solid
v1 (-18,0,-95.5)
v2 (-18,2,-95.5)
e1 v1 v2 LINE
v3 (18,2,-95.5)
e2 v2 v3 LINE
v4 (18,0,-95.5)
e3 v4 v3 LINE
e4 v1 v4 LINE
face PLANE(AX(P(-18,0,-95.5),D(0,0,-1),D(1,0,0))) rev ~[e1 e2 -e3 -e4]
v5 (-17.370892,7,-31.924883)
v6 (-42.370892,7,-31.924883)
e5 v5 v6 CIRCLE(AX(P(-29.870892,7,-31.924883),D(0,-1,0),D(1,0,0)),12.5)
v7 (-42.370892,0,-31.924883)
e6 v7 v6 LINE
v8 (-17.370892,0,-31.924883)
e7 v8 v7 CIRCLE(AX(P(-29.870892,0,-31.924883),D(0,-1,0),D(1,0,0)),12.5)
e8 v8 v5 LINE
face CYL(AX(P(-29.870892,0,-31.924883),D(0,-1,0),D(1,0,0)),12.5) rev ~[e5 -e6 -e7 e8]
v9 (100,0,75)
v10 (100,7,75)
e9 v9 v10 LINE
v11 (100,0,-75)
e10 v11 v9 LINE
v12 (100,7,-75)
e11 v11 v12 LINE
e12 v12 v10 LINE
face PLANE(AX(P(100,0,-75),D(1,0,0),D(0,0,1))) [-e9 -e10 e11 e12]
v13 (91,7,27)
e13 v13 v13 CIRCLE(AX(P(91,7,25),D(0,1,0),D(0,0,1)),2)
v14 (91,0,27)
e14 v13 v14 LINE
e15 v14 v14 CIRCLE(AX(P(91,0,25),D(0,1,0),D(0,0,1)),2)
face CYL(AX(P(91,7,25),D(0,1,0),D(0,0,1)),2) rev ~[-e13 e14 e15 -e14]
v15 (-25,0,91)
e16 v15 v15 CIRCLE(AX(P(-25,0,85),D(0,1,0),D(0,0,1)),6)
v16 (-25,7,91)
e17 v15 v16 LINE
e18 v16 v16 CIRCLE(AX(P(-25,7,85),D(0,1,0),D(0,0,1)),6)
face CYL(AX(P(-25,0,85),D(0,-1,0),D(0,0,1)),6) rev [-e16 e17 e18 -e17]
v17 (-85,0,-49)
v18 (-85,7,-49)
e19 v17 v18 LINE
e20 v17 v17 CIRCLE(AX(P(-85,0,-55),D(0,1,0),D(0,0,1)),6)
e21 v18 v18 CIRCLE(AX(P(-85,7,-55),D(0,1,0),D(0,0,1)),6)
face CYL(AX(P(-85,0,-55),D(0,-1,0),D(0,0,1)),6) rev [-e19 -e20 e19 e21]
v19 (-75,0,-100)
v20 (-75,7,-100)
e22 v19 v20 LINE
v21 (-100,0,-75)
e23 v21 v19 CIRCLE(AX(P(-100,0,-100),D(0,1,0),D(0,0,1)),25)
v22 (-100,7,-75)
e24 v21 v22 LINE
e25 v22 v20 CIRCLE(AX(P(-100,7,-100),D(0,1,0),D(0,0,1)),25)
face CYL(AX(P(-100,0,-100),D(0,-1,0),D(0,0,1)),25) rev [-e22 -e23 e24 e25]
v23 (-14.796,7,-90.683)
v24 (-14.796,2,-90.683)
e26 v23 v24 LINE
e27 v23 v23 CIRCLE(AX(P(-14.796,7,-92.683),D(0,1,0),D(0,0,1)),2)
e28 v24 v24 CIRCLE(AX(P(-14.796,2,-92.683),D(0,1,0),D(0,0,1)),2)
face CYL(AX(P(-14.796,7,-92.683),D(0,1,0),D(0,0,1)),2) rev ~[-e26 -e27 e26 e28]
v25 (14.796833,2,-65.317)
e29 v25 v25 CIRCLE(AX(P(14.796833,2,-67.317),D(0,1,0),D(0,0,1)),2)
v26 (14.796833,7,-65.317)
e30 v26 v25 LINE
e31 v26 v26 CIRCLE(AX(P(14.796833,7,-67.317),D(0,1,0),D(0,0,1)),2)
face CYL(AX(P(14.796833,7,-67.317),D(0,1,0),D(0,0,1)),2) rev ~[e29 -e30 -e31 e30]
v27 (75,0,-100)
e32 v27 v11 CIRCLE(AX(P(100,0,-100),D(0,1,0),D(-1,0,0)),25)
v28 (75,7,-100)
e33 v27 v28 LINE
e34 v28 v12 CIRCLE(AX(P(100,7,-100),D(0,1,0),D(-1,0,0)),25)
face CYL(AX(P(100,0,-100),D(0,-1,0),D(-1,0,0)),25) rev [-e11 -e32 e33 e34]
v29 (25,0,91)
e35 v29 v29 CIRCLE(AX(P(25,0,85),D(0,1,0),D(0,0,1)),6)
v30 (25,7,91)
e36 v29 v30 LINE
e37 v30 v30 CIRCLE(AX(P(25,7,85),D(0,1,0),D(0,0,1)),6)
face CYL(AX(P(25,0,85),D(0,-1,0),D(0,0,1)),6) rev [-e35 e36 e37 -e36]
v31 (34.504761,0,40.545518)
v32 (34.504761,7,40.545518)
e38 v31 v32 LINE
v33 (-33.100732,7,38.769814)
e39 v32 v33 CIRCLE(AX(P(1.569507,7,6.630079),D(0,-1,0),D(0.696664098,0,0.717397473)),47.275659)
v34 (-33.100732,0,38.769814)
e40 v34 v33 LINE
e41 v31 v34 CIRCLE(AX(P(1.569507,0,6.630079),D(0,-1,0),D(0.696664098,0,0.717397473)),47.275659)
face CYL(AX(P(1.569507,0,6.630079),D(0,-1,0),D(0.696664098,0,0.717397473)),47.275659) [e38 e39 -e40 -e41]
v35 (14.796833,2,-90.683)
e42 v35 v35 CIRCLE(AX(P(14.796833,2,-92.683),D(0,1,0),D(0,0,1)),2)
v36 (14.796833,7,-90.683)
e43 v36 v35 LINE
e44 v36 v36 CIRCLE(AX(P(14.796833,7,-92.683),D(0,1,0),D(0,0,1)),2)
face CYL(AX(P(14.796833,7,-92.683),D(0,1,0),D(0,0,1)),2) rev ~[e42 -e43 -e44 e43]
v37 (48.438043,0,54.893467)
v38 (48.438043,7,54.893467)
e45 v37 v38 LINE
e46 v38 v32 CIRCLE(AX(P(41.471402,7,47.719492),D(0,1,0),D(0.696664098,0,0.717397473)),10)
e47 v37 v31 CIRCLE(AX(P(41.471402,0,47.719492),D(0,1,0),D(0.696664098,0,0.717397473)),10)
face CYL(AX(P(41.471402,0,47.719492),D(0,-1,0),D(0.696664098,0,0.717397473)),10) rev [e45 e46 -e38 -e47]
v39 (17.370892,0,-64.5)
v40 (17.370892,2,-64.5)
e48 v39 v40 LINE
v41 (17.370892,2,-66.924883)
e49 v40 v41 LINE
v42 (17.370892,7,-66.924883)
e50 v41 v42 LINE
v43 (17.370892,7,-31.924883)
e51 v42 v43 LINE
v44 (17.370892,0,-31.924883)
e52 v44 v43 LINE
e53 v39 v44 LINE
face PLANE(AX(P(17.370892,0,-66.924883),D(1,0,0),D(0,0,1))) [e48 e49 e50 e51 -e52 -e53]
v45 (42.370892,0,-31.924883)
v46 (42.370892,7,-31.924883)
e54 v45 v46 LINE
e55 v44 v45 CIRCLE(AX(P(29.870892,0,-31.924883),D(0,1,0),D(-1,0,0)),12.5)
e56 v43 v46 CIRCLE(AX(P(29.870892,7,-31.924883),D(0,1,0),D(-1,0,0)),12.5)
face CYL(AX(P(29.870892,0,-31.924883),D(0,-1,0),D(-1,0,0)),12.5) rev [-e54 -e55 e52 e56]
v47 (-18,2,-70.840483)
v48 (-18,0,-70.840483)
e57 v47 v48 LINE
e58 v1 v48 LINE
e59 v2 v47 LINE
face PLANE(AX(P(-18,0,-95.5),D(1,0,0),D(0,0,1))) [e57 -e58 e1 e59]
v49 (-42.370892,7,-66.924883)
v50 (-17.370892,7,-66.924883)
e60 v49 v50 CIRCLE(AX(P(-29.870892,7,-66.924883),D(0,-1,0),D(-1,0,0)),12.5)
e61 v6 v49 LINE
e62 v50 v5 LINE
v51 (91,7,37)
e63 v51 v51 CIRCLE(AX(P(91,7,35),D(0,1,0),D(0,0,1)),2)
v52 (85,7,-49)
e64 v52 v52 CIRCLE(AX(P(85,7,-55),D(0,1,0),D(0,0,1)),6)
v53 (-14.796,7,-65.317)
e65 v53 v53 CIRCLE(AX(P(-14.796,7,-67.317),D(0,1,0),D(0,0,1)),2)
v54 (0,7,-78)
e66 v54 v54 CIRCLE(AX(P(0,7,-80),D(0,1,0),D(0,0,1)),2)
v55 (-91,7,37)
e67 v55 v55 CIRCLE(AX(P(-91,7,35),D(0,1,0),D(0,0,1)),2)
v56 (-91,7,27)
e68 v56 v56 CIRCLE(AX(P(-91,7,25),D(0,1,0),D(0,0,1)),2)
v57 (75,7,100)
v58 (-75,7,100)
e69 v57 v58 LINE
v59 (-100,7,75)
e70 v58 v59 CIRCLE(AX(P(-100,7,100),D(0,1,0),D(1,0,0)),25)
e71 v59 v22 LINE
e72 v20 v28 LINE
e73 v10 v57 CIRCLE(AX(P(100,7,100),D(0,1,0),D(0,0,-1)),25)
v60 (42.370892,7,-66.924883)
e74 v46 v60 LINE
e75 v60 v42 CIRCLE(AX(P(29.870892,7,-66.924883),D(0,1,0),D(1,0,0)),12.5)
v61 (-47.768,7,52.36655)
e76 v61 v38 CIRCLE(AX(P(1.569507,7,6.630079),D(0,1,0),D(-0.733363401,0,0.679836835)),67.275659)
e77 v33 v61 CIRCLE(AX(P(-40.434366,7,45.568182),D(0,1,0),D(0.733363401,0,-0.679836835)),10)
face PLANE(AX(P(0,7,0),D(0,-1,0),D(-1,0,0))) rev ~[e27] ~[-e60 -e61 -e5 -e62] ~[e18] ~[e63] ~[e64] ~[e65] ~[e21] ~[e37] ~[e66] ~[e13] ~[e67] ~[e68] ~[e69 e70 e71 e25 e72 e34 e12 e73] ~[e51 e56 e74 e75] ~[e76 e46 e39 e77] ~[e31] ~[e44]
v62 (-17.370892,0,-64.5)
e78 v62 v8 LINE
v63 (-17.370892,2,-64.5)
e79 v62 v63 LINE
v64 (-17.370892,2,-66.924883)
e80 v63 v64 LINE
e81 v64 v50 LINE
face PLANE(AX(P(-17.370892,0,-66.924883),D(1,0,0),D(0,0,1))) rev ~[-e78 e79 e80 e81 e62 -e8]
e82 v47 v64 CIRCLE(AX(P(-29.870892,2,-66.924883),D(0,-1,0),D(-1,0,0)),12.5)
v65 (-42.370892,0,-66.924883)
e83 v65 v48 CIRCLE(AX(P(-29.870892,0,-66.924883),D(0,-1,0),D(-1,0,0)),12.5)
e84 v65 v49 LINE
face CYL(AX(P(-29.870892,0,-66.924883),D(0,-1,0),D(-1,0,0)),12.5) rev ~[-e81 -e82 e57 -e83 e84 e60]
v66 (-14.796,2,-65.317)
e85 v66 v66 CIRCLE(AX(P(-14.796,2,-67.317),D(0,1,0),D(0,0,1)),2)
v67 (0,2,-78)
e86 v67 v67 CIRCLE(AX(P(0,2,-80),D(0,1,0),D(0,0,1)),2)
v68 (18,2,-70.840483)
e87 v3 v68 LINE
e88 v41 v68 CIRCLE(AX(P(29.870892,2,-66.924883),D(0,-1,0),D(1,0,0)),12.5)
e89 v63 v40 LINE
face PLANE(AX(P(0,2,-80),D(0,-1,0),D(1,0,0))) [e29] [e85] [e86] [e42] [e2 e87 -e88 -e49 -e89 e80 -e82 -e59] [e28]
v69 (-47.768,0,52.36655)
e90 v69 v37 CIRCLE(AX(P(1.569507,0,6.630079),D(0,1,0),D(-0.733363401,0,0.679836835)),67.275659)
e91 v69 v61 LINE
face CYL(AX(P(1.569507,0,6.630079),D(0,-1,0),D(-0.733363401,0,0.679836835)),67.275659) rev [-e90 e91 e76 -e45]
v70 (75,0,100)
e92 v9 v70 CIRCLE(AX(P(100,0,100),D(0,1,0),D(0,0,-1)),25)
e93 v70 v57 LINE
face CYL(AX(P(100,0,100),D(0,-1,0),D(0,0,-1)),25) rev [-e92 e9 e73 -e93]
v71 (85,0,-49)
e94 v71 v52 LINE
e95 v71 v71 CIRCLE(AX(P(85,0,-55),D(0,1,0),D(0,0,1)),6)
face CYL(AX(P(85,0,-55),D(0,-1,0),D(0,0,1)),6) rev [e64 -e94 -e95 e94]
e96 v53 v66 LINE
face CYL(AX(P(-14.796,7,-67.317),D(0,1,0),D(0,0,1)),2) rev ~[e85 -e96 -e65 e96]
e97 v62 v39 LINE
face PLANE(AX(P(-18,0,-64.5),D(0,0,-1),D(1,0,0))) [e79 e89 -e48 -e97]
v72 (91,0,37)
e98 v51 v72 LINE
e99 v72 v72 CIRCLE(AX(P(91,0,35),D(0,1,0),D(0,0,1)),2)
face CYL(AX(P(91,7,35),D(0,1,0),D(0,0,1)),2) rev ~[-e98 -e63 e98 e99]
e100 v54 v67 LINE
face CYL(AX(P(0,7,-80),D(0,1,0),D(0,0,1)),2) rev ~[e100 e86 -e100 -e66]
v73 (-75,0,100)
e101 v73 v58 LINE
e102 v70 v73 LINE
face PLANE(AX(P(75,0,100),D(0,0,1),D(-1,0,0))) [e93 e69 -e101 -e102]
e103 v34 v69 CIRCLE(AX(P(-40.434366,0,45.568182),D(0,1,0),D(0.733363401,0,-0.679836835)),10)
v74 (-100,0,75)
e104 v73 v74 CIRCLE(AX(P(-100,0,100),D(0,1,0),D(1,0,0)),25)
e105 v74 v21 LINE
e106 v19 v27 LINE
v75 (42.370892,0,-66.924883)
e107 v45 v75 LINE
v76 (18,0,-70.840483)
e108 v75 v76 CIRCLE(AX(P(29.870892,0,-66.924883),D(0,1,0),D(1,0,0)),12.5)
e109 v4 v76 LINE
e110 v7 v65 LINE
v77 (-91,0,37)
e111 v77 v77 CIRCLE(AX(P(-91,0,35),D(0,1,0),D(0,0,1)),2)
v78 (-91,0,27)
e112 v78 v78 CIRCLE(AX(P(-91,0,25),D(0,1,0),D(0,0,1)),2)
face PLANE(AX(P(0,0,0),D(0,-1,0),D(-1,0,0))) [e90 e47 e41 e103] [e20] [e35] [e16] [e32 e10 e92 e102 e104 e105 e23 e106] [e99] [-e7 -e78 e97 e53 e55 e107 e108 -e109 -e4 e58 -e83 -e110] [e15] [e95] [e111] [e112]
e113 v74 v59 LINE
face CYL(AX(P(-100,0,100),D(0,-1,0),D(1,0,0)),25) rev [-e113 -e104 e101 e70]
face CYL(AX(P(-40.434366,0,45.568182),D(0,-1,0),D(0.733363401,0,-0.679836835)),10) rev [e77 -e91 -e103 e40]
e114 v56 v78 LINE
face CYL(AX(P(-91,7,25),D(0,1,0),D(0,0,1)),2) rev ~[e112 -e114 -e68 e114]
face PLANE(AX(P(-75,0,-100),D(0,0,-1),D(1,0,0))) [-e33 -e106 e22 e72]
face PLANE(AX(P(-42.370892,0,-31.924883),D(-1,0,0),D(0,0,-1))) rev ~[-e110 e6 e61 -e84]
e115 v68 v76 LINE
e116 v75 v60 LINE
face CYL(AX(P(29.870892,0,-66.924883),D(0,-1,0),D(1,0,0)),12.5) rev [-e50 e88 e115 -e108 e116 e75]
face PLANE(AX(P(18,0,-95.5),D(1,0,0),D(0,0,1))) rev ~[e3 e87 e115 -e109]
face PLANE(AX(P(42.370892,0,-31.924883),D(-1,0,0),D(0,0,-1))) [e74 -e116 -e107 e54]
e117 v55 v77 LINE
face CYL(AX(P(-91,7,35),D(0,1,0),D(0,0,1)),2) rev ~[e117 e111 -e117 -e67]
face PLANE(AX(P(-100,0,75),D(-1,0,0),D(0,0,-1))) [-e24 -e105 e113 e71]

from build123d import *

# Parameters (mm, degrees)
SKETCH1_R           = 6
BOSS_EXTRUDE2_DEPTH = 7
SKETCH2_R           = 2
CUT_EXTRUDE1_DEPTH  = 142.594491418
SKETCH3_R           = 2
CUT_EXTRUDE3_DEPTH  = 142.594491418
SKETCH4_R           = 2
CUT_EXTRUDE4_DEPTH  = 142.594491418
SKETCH5_W           = 36
SKETCH5_H           = 31
CUT_EXTRUDE7_DEPTH  = 2


with BuildPart() as part:
    # Sketch1 → Boss-Extrude2 (new body)
    with BuildSketch(Plane(origin=(0, 0, 0), x_dir=(1, 0, 0), z_dir=(0, 1, 0))):
        with BuildLine():
            Line((-75, 100), (75, 100))
            ThreePointArc((75, 100), (82.32233047, 82.32233047), (100, 75))
            Line((100, 75), (100, -75))
            ThreePointArc((100, -75), (82.32233047, -82.32233047), (75, -100))
            Line((75, -100), (-75, -100))
            ThreePointArc((-75, -100), (-82.32233047, -82.32233047), (-100, -75))
            Line((-100, -75), (-100, 75))
            ThreePointArc((-100, 75), (-82.32233047, 82.32233047), (-75, 100))
        make_face()
        with Locations(Location((-85, 55, 0), (0, 0, 270))):
            Circle(SKETCH1_R, mode=Mode.SUBTRACT)
        with Locations(Location((85, 55, 0), (0, 0, 270))):
            Circle(SKETCH1_R, mode=Mode.SUBTRACT)
        with Locations(Location((25, -85, 0), (0, 0, 270))):
            Circle(SKETCH1_R, mode=Mode.SUBTRACT)
        with Locations(Location((-25, -85, 0), (0, 0, 270))):
            Circle(SKETCH1_R, mode=Mode.SUBTRACT)
        with BuildLine():
            Line((-17.370892019, 66.924882629), (-17.370892019, 31.924882629))
            ThreePointArc((-17.370892019, 31.924882629), (-29.870892019, 19.424882629), (-42.370892019, 31.924882629))
            Line((-42.370892019, 31.924882629), (-42.370892019, 66.924882629))
            ThreePointArc((-42.370892019, 66.924882629), (-29.870892019, 79.424882629), (-17.370892019, 66.924882629))
        make_face(mode=Mode.SUBTRACT)
        with BuildLine():
            Line((17.370892019, 66.924882629), (17.370892019, 31.924882629))
            ThreePointArc((17.370892019, 31.924882629), (29.870892019, 19.424882629), (42.370892019, 31.924882629))
            Line((42.370892019, 31.924882629), (42.370892019, 66.924882629))
            ThreePointArc((42.370892019, 66.924882629), (29.870892019, 79.424882629), (17.370892019, 66.924882629))
        make_face(mode=Mode.SUBTRACT)
        with BuildLine():
            ThreePointArc((-47.767999672, -52.36655043), (-0.196924647, -73.88254423), (48.43804341, -54.893467096))
            ThreePointArc((48.43804341, -54.893467096), (48.645377153, -40.752851384), (34.504761441, -40.545517641))
            ThreePointArc((34.504761441, -40.545517641), (0.328207745, -53.889439519), (-33.100731657, -38.769813727))
            ThreePointArc((-33.100731657, -38.769813727), (-47.232734016, -38.234548071), (-47.767999672, -52.36655043))
        make_face(mode=Mode.SUBTRACT)
    extrude(amount=BOSS_EXTRUDE2_DEPTH)

    # Sketch2 → Cut-Extrude1 (cut, through all)
    with BuildSketch(Plane(origin=(0, 7, 0), x_dir=(1, 0, 0), z_dir=(0, 1, 0))):
        with Locations(Location((-91, -25, 0), (0, 0, 270))):
            Circle(SKETCH2_R)
        with Locations(Location((0, 80, 0), (0, 0, 270))):
            Circle(SKETCH2_R)
        with Locations(Location((91, -25, 0), (0, 0, 270))):
            Circle(SKETCH2_R)
    extrude(amount=-CUT_EXTRUDE1_DEPTH, mode=Mode.SUBTRACT)

    # Sketch3 → Cut-Extrude3 (cut, through all)
    with BuildSketch(Plane(origin=(0, 7, 0), x_dir=(1, 0, 0), z_dir=(0, 1, 0))):
        with Locations(Location((-91, -35, 0), (0, 0, 270))):
            Circle(SKETCH3_R)
        with Locations(Location((91, -35, 0), (0, 0, 270))):
            Circle(SKETCH3_R)
    extrude(amount=-CUT_EXTRUDE3_DEPTH, mode=Mode.SUBTRACT)

    # Sketch4 → Cut-Extrude4 (cut, through all)
    with BuildSketch(Plane(origin=(0, 7, 0), x_dir=(1, 0, 0), z_dir=(0, 1, 0))):
        with Locations(Location((-14.796, 67.317, 0), (0, 0, 270))):
            Circle(SKETCH4_R)
        with Locations(Location((-14.796, 92.683, 0), (0, 0, 270))):
            Circle(SKETCH4_R)
        with Locations(Location((14.796833333, 92.683, 0), (0, 0, 270))):
            Circle(SKETCH4_R)
        with Locations(Location((14.796833333, 67.317, 0), (0, 0, 270))):
            Circle(SKETCH4_R)
    extrude(amount=-CUT_EXTRUDE4_DEPTH, mode=Mode.SUBTRACT)

    # Sketch5 → Cut-Extrude7 (cut)
    with BuildSketch(Plane.XZ):
        with Locations((0, -80)):
            Rectangle(SKETCH5_W, SKETCH5_H)
    extrude(amount=-CUT_EXTRUDE7_DEPTH, mode=Mode.SUBTRACT)


solid = part.part
